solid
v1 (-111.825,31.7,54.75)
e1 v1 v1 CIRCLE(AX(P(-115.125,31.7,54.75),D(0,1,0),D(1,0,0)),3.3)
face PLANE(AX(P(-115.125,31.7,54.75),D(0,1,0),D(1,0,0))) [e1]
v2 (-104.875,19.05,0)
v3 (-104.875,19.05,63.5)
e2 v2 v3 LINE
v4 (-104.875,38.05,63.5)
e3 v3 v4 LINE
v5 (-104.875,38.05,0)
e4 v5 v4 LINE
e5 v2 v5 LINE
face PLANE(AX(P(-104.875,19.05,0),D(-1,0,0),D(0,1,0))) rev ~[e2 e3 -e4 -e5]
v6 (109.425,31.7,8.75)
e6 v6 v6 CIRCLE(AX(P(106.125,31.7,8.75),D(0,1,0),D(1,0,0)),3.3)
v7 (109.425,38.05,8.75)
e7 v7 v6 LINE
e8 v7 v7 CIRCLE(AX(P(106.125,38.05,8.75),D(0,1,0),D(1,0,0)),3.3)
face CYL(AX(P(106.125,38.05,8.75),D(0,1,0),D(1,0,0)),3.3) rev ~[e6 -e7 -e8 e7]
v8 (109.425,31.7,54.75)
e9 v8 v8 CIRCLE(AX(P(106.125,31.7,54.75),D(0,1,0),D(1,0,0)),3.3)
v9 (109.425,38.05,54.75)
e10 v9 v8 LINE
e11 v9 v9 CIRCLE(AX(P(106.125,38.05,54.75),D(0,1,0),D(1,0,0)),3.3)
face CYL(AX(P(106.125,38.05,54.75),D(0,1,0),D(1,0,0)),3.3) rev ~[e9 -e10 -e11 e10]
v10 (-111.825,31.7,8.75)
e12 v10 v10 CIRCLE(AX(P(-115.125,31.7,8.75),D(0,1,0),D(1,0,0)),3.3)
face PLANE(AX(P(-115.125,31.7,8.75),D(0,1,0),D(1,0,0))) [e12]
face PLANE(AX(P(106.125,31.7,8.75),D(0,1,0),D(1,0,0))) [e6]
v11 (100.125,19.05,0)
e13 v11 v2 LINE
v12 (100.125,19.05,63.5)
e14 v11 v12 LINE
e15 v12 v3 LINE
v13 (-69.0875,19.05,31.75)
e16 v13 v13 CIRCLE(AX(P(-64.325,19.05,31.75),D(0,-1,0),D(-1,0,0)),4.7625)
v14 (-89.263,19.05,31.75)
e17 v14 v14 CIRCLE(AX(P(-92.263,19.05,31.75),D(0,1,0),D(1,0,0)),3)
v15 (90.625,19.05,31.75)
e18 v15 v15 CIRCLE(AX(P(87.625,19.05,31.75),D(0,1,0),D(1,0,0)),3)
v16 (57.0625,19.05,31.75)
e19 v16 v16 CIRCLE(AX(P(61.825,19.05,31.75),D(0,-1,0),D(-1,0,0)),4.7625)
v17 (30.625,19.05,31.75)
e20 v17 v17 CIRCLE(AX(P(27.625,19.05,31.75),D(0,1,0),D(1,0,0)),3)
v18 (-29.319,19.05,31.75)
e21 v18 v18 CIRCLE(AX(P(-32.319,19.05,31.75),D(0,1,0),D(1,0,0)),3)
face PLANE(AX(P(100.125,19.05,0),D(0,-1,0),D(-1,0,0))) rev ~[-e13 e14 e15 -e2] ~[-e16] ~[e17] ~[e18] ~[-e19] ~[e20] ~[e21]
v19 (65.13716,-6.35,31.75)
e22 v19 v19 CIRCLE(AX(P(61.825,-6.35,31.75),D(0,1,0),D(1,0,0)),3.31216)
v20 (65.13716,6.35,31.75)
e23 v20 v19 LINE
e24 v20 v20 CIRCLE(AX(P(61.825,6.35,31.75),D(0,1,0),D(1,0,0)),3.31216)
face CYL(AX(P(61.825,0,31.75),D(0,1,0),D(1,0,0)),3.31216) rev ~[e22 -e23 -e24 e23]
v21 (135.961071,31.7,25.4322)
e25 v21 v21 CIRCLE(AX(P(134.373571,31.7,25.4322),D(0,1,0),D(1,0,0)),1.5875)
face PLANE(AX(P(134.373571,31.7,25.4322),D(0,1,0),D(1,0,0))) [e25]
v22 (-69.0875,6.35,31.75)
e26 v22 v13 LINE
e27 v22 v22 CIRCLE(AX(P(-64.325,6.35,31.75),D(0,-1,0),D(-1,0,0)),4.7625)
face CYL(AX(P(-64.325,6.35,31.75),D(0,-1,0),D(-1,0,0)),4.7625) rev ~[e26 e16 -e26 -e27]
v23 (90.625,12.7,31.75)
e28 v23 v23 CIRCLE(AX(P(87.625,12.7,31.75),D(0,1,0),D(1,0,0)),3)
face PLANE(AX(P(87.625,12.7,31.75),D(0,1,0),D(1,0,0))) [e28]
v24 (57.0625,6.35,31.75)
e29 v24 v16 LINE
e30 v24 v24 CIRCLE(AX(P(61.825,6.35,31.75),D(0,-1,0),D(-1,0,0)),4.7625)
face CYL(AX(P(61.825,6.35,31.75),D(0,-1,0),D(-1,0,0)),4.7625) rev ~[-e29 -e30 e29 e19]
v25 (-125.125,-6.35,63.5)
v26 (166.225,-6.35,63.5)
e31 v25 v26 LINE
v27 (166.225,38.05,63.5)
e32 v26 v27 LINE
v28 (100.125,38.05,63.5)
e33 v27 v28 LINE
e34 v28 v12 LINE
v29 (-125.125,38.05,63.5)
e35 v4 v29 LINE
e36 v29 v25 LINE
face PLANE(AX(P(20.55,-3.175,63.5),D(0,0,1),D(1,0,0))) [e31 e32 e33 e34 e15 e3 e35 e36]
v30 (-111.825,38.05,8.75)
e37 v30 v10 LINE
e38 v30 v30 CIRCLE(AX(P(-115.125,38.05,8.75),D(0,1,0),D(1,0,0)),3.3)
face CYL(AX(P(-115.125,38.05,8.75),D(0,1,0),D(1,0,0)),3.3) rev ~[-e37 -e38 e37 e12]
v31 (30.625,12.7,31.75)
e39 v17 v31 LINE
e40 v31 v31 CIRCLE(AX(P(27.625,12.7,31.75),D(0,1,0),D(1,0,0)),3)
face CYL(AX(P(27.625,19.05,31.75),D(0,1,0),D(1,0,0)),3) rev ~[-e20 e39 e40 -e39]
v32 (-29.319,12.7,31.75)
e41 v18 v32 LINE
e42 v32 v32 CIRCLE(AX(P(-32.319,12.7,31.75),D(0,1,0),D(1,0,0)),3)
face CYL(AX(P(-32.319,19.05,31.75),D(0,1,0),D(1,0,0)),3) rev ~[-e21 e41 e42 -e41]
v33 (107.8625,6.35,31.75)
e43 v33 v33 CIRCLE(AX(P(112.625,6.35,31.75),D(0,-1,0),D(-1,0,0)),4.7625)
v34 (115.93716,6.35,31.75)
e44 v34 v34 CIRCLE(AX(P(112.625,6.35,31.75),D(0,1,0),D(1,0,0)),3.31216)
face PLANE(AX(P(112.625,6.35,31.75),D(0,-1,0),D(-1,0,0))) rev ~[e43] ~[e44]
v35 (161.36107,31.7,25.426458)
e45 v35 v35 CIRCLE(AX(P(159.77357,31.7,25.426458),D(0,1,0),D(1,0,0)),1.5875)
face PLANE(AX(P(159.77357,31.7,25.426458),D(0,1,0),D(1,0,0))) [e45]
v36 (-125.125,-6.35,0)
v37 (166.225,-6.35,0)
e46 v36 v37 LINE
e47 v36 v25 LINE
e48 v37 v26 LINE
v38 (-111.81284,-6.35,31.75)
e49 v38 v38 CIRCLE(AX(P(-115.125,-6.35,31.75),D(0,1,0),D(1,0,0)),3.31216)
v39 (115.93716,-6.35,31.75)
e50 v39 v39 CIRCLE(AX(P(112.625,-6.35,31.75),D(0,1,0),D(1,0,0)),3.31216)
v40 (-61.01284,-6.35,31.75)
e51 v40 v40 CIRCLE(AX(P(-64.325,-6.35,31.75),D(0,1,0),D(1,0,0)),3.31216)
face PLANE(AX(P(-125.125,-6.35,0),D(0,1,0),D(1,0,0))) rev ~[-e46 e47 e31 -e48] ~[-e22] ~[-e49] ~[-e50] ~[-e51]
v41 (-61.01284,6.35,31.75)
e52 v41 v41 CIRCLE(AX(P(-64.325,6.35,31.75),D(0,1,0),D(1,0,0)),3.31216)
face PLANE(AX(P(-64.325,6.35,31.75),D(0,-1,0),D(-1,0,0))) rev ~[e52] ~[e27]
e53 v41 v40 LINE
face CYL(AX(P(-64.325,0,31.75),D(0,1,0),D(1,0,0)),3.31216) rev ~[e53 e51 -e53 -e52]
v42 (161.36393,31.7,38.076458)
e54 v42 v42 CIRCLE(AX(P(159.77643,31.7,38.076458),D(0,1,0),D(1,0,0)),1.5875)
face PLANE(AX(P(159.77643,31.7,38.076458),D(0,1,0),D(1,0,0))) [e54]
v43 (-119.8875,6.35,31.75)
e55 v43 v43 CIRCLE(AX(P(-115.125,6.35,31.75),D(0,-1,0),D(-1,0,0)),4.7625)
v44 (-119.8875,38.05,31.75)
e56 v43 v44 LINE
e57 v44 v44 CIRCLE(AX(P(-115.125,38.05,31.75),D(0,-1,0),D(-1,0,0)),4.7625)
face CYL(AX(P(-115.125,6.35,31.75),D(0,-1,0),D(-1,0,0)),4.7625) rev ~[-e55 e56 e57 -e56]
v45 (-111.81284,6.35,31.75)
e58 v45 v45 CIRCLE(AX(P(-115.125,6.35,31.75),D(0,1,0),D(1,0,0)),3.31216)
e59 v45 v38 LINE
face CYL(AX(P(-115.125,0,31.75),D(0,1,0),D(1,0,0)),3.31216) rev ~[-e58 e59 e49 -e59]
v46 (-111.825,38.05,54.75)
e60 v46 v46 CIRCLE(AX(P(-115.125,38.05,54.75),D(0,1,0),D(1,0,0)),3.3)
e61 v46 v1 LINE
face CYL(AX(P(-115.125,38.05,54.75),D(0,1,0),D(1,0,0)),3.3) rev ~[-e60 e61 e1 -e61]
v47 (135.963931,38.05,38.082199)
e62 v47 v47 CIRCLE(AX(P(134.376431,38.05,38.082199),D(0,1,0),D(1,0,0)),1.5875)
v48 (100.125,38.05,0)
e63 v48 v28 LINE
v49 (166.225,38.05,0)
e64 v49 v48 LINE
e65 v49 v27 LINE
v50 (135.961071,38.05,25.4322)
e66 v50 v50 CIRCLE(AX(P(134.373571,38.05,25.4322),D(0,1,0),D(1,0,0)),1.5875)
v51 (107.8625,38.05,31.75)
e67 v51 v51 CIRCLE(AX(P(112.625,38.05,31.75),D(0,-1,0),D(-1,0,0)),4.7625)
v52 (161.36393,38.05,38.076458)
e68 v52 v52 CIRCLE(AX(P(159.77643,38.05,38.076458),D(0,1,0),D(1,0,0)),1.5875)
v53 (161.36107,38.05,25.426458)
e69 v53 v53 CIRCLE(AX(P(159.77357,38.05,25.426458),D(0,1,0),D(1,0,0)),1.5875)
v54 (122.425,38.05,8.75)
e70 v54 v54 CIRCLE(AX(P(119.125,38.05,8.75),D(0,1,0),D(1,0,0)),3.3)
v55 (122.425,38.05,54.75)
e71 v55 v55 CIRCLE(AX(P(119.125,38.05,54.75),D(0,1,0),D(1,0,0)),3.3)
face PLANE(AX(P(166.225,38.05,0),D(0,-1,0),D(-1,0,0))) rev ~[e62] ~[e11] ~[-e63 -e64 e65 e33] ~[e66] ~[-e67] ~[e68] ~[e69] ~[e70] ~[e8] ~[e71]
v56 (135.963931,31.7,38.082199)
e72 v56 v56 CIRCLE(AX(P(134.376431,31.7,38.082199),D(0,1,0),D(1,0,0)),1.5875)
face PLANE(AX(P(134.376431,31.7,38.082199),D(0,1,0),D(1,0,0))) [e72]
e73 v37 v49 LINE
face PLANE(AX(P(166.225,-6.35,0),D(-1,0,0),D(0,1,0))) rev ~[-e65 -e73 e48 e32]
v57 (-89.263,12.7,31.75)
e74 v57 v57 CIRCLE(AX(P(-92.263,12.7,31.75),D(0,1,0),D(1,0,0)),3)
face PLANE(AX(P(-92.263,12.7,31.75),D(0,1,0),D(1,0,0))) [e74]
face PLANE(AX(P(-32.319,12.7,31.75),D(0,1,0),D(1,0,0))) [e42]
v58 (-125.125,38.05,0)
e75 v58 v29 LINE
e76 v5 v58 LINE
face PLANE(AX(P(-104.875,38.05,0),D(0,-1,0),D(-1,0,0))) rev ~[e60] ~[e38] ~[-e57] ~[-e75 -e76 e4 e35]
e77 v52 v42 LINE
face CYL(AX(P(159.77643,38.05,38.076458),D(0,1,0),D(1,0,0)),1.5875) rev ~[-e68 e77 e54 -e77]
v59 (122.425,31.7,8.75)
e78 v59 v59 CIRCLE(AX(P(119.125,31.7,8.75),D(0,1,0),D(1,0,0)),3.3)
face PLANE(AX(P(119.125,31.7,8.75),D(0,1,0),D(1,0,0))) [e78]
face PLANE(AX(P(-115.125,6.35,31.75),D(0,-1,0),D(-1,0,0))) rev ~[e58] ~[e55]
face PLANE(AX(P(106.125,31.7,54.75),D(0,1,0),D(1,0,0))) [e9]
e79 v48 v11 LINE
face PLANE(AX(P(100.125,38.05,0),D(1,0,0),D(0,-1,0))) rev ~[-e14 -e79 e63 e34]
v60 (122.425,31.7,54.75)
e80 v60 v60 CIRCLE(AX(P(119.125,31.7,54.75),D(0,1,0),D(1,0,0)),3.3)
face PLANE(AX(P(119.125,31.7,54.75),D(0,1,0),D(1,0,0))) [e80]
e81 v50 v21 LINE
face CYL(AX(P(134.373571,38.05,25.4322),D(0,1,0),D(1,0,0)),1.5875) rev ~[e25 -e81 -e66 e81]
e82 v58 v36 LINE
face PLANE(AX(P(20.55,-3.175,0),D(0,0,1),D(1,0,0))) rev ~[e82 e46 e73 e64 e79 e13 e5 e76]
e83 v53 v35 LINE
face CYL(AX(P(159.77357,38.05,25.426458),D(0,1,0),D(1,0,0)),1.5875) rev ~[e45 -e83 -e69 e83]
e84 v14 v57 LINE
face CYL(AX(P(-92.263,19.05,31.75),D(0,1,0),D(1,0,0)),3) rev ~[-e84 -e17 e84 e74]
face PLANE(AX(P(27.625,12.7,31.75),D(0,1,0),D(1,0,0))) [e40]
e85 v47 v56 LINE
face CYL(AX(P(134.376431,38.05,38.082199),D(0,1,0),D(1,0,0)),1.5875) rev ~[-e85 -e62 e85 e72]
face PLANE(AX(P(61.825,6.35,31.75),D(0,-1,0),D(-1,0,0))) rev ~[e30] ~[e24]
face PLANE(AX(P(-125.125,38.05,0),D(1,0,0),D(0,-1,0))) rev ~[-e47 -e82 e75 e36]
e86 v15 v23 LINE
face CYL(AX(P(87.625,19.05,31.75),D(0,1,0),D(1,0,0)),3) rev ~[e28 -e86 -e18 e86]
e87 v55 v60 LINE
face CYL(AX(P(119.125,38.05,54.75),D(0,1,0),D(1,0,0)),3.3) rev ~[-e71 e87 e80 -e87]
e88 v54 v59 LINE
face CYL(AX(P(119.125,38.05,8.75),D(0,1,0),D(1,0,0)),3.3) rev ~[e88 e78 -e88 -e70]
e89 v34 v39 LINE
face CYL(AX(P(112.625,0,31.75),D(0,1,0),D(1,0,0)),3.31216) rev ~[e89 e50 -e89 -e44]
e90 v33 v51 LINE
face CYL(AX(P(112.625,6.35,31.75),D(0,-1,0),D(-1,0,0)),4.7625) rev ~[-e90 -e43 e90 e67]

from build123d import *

# Parameters (mm, degrees)
SKETCH1_W                       = 41.1
SKETCH1_H                       = 38.05
MAIN_EXTRUDE_DEPTH              = 63.5
SKETCH3_R                       = 3.3
RAIL_BLOCK_MOUNTING_HOLES_DEPTH = 6.35
SKETCH4_R                       = 1.5875
MOTOR_MOUNTING_HOLES_DEPTH      = 6.35
SKETCH8_R                       = 3
RAIL_MOUNTING_HOLES_DEPTH       = 6.35
SKETCH5_R                       = 3.31216
CUT_EXTRUDE3_DEPTH              = 39.05
CUT_EXTRUDE3_DEPTH_BACK         = 7.35
SKETCH7_R                       = 4.7625
CUT_EXTRUDE6_DEPTH              = 32.7


with BuildPart() as part:
    # Sketch1 → Main Extrude (new body)
    with BuildSketch(Plane.XY):
        Polygon((125.125, 0), (-125.125, 0), (-125.125, -6.35), (166.225, -6.35), (166.225, 0), align=None)
        Polygon((-125.125, 38.05), (-125.125, 0), (125.125, 0), (125.125, 38.05), (100.125, 38.05), (100.125, 19.05), (-104.875, 19.05), (-104.875, 38.05), align=None)
        with Locations((145.675, 19.025)):
            Rectangle(SKETCH1_W, SKETCH1_H)
    extrude(amount=MAIN_EXTRUDE_DEPTH)

    # Sketch3 → Rail Block Mounting Holes (cut)
    with BuildSketch(Plane(origin=(0, 38.05, 0), x_dir=(1, 0, 0), z_dir=(0, 1, 0))):
        with Locations((106.125, -54.75)):
            Circle(SKETCH3_R)
        with Locations((119.125, -54.75)):
            Circle(SKETCH3_R)
        with Locations((106.125, -8.75)):
            Circle(SKETCH3_R)
        with Locations((119.125, -8.75)):
            Circle(SKETCH3_R)
        with Locations((-115.125, -54.75)):
            Circle(SKETCH3_R)
        with Locations((-115.125, -8.75)):
            Circle(SKETCH3_R)
    extrude(amount=-RAIL_BLOCK_MOUNTING_HOLES_DEPTH, mode=Mode.SUBTRACT)

    # Sketch4 → Motor Mounting Holes (cut)
    with BuildSketch(Plane(origin=(0, 38.05, 0), x_dir=(1, 0, 0), z_dir=(0, 1, 0))):
        with Locations((134.373571068, -25.432199749)):
            Circle(SKETCH4_R)
        with Locations((159.773570419, -25.426458163)):
            Circle(SKETCH4_R)
        with Locations((159.77642991, -38.07645784)):
            Circle(SKETCH4_R)
        with Locations((134.376430559, -38.082199426)):
            Circle(SKETCH4_R)
    extrude(amount=-MOTOR_MOUNTING_HOLES_DEPTH, mode=Mode.SUBTRACT)

    # Sketch8 → Rail Mounting Holes (cut)
    with BuildSketch(Plane(origin=(0, 19.05, 0), x_dir=(1, 0, 0), z_dir=(0, 1, 0))):
        with Locations((87.625, -31.75)):
            Circle(SKETCH8_R)
        with Locations((27.625, -31.75)):
            Circle(SKETCH8_R)
        with Locations((-32.319, -31.75)):
            Circle(SKETCH8_R)
        with Locations((-92.263, -31.75)):
            Circle(SKETCH8_R)
    extrude(amount=-RAIL_MOUNTING_HOLES_DEPTH, mode=Mode.SUBTRACT)

    # Sketch5 → Cut-Extrude3 (cut, two sides)
    with BuildSketch(Plane(origin=(0, 0, 0), x_dir=(1, 0, 0), z_dir=(0, 1, 0))) as cut_extrude3_sk:
        with Locations((-115.125, -31.75)):
            Circle(SKETCH5_R)
        with Locations((-64.325, -31.75)):
            Circle(SKETCH5_R)
        with Locations((61.825, -31.75)):
            Circle(SKETCH5_R)
        with Locations((112.625, -31.75)):
            Circle(SKETCH5_R)
    extrude(amount=CUT_EXTRUDE3_DEPTH, mode=Mode.SUBTRACT)
    extrude(cut_extrude3_sk.sketch, amount=-CUT_EXTRUDE3_DEPTH_BACK, mode=Mode.SUBTRACT)

    # Sketch7 → Cut-Extrude6 (cut, through all)
    with BuildSketch(Plane(origin=(0, 6.35, 0), x_dir=(-1, 0, 0), z_dir=(0, -1, 0))):
        with Locations((115.125, -31.75)):
            Circle(SKETCH7_R)
        with Locations((64.325, -31.75)):
            Circle(SKETCH7_R)
        with Locations((-112.625, -31.75)):
            Circle(SKETCH7_R)
        with Locations((-61.825, -31.75)):
            Circle(SKETCH7_R)
    extrude(amount=-CUT_EXTRUDE6_DEPTH, mode=Mode.SUBTRACT)


solid = part.part
